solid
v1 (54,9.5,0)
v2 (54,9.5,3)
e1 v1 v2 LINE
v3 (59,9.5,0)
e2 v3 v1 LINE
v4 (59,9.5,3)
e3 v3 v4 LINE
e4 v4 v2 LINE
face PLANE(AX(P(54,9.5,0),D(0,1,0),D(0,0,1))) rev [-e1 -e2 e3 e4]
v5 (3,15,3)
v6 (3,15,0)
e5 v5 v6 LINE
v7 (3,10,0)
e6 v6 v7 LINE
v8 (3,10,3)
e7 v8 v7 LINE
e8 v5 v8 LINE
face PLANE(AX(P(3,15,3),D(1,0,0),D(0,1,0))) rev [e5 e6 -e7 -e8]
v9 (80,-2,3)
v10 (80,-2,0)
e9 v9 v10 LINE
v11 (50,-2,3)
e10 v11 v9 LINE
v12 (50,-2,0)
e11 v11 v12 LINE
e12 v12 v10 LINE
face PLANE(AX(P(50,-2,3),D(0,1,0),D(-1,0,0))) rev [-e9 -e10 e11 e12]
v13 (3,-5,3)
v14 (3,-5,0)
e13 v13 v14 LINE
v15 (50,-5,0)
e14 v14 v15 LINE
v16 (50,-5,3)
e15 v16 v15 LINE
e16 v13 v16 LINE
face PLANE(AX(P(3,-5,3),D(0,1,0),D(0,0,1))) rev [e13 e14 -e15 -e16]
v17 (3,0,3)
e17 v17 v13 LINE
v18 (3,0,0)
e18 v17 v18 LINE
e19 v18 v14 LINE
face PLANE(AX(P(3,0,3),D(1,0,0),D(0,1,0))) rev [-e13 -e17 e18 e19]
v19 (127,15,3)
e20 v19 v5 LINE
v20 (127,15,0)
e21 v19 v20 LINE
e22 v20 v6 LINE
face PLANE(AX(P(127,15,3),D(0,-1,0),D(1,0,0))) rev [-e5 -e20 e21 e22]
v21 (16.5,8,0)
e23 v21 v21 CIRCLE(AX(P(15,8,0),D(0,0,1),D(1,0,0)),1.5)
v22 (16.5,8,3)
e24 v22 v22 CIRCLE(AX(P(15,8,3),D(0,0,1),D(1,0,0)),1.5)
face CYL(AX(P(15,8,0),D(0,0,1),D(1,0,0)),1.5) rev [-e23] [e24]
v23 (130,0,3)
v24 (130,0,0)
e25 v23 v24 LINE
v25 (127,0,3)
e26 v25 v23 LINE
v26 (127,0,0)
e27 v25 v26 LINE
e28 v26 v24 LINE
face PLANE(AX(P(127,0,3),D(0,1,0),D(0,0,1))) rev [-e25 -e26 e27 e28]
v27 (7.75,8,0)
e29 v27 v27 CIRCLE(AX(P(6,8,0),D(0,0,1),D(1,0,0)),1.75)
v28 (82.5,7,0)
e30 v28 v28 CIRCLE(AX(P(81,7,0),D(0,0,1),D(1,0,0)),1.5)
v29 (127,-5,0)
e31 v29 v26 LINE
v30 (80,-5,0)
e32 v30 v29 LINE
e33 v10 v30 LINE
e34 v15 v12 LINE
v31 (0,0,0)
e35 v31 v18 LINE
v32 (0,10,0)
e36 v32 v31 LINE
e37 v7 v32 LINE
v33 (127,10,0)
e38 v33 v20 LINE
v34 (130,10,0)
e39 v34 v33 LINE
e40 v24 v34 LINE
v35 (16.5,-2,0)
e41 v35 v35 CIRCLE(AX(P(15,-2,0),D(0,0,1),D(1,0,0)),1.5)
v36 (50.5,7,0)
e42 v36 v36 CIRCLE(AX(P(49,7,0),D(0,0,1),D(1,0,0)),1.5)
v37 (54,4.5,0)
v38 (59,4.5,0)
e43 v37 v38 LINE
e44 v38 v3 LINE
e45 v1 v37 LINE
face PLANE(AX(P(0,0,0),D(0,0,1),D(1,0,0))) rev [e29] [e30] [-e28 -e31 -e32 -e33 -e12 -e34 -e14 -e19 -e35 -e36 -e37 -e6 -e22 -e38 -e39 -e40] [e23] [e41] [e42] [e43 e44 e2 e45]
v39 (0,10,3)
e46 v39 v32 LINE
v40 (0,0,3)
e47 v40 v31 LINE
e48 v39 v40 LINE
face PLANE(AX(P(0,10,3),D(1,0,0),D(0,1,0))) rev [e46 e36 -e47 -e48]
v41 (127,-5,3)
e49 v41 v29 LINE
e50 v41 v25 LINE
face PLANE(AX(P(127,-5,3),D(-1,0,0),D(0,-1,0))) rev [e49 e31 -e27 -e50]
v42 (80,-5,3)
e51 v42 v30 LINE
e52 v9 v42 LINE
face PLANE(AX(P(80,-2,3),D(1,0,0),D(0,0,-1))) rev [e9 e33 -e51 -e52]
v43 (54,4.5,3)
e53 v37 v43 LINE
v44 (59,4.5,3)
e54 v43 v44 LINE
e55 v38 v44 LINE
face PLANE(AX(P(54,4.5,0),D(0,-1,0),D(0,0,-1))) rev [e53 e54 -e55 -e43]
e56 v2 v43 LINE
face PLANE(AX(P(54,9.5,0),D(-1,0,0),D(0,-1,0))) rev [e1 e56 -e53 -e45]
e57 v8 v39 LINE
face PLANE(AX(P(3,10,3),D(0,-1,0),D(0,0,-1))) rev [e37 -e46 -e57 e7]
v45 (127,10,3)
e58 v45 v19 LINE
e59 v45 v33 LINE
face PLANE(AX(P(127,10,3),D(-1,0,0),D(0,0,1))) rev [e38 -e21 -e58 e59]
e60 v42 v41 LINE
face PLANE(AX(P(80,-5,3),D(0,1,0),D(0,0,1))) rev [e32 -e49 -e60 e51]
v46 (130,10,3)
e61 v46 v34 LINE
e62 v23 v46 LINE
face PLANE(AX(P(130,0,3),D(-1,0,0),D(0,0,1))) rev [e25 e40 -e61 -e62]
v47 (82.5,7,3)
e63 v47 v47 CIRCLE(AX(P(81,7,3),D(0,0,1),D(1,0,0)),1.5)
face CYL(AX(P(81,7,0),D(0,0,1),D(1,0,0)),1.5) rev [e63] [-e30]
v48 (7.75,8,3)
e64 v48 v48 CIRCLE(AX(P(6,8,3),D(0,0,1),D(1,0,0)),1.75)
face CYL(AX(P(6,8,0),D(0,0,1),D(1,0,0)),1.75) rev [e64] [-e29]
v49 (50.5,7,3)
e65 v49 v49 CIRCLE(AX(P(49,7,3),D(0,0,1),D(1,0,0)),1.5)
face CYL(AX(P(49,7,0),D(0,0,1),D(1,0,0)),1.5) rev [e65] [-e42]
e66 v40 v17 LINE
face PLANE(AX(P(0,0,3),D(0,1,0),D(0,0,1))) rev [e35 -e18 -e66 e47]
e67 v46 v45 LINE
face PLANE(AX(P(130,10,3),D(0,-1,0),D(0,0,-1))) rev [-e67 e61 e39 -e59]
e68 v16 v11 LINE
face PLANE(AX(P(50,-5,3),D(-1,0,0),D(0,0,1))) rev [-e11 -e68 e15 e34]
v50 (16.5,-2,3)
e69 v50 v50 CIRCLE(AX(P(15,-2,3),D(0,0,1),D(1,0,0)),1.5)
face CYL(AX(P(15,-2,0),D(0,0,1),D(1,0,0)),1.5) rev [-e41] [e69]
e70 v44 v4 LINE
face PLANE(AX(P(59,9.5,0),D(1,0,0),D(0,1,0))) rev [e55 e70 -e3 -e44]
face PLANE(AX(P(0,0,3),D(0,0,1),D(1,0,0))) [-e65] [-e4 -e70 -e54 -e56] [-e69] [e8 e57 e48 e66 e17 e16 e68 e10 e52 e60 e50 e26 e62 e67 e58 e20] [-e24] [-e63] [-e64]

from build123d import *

# Parameters (mm, degrees)
BOSS_EXTRUDE1_DEPTH = 3
SKETCH2_R           = 1.5
SKETCH2_R_2         = 1.75
CUT_EXTRUDE1_DEPTH  = 131.896905999
SKETCH3_R           = 1.5
SKETCH3_W           = 5
SKETCH3_H           = 5
CUT_EXTRUDE2_DEPTH  = 131.896905999


with BuildPart() as part:
    # Sketch1 → Boss-Extrude1 (new body)
    with BuildSketch(Plane.XY):
        Polygon((0, 0), (3, 0), (3, -5), (50, -5), (50, -2), (80, -2), (80, -5), (127, -5), (127, 0), (130, 0), (130, 10), (127, 10), (127, 15), (3, 15), (3, 10), (0, 10), align=None)
    extrude(amount=BOSS_EXTRUDE1_DEPTH)

    # Sketch2 → Cut-Extrude1 (cut, through all)
    with BuildSketch(Plane.XY.offset(3)):
        with Locations((15, 8)):
            Circle(SKETCH2_R)
        with Locations((15, -2)):
            Circle(SKETCH2_R)
        with Locations((6, 8)):
            Circle(SKETCH2_R_2)
    extrude(amount=-CUT_EXTRUDE1_DEPTH, mode=Mode.SUBTRACT)

    # Sketch3 → Cut-Extrude2 (cut, through all)
    with BuildSketch(Plane.XY.offset(3)):
        with Locations((49, 7)):
            Circle(SKETCH3_R)
        with Locations((81, 7)):
            Circle(SKETCH3_R)
        with Locations((56.5, 7)):
            Rectangle(SKETCH3_W, SKETCH3_H)
    extrude(amount=-CUT_EXTRUDE2_DEPTH, mode=Mode.SUBTRACT)


solid = part.part
